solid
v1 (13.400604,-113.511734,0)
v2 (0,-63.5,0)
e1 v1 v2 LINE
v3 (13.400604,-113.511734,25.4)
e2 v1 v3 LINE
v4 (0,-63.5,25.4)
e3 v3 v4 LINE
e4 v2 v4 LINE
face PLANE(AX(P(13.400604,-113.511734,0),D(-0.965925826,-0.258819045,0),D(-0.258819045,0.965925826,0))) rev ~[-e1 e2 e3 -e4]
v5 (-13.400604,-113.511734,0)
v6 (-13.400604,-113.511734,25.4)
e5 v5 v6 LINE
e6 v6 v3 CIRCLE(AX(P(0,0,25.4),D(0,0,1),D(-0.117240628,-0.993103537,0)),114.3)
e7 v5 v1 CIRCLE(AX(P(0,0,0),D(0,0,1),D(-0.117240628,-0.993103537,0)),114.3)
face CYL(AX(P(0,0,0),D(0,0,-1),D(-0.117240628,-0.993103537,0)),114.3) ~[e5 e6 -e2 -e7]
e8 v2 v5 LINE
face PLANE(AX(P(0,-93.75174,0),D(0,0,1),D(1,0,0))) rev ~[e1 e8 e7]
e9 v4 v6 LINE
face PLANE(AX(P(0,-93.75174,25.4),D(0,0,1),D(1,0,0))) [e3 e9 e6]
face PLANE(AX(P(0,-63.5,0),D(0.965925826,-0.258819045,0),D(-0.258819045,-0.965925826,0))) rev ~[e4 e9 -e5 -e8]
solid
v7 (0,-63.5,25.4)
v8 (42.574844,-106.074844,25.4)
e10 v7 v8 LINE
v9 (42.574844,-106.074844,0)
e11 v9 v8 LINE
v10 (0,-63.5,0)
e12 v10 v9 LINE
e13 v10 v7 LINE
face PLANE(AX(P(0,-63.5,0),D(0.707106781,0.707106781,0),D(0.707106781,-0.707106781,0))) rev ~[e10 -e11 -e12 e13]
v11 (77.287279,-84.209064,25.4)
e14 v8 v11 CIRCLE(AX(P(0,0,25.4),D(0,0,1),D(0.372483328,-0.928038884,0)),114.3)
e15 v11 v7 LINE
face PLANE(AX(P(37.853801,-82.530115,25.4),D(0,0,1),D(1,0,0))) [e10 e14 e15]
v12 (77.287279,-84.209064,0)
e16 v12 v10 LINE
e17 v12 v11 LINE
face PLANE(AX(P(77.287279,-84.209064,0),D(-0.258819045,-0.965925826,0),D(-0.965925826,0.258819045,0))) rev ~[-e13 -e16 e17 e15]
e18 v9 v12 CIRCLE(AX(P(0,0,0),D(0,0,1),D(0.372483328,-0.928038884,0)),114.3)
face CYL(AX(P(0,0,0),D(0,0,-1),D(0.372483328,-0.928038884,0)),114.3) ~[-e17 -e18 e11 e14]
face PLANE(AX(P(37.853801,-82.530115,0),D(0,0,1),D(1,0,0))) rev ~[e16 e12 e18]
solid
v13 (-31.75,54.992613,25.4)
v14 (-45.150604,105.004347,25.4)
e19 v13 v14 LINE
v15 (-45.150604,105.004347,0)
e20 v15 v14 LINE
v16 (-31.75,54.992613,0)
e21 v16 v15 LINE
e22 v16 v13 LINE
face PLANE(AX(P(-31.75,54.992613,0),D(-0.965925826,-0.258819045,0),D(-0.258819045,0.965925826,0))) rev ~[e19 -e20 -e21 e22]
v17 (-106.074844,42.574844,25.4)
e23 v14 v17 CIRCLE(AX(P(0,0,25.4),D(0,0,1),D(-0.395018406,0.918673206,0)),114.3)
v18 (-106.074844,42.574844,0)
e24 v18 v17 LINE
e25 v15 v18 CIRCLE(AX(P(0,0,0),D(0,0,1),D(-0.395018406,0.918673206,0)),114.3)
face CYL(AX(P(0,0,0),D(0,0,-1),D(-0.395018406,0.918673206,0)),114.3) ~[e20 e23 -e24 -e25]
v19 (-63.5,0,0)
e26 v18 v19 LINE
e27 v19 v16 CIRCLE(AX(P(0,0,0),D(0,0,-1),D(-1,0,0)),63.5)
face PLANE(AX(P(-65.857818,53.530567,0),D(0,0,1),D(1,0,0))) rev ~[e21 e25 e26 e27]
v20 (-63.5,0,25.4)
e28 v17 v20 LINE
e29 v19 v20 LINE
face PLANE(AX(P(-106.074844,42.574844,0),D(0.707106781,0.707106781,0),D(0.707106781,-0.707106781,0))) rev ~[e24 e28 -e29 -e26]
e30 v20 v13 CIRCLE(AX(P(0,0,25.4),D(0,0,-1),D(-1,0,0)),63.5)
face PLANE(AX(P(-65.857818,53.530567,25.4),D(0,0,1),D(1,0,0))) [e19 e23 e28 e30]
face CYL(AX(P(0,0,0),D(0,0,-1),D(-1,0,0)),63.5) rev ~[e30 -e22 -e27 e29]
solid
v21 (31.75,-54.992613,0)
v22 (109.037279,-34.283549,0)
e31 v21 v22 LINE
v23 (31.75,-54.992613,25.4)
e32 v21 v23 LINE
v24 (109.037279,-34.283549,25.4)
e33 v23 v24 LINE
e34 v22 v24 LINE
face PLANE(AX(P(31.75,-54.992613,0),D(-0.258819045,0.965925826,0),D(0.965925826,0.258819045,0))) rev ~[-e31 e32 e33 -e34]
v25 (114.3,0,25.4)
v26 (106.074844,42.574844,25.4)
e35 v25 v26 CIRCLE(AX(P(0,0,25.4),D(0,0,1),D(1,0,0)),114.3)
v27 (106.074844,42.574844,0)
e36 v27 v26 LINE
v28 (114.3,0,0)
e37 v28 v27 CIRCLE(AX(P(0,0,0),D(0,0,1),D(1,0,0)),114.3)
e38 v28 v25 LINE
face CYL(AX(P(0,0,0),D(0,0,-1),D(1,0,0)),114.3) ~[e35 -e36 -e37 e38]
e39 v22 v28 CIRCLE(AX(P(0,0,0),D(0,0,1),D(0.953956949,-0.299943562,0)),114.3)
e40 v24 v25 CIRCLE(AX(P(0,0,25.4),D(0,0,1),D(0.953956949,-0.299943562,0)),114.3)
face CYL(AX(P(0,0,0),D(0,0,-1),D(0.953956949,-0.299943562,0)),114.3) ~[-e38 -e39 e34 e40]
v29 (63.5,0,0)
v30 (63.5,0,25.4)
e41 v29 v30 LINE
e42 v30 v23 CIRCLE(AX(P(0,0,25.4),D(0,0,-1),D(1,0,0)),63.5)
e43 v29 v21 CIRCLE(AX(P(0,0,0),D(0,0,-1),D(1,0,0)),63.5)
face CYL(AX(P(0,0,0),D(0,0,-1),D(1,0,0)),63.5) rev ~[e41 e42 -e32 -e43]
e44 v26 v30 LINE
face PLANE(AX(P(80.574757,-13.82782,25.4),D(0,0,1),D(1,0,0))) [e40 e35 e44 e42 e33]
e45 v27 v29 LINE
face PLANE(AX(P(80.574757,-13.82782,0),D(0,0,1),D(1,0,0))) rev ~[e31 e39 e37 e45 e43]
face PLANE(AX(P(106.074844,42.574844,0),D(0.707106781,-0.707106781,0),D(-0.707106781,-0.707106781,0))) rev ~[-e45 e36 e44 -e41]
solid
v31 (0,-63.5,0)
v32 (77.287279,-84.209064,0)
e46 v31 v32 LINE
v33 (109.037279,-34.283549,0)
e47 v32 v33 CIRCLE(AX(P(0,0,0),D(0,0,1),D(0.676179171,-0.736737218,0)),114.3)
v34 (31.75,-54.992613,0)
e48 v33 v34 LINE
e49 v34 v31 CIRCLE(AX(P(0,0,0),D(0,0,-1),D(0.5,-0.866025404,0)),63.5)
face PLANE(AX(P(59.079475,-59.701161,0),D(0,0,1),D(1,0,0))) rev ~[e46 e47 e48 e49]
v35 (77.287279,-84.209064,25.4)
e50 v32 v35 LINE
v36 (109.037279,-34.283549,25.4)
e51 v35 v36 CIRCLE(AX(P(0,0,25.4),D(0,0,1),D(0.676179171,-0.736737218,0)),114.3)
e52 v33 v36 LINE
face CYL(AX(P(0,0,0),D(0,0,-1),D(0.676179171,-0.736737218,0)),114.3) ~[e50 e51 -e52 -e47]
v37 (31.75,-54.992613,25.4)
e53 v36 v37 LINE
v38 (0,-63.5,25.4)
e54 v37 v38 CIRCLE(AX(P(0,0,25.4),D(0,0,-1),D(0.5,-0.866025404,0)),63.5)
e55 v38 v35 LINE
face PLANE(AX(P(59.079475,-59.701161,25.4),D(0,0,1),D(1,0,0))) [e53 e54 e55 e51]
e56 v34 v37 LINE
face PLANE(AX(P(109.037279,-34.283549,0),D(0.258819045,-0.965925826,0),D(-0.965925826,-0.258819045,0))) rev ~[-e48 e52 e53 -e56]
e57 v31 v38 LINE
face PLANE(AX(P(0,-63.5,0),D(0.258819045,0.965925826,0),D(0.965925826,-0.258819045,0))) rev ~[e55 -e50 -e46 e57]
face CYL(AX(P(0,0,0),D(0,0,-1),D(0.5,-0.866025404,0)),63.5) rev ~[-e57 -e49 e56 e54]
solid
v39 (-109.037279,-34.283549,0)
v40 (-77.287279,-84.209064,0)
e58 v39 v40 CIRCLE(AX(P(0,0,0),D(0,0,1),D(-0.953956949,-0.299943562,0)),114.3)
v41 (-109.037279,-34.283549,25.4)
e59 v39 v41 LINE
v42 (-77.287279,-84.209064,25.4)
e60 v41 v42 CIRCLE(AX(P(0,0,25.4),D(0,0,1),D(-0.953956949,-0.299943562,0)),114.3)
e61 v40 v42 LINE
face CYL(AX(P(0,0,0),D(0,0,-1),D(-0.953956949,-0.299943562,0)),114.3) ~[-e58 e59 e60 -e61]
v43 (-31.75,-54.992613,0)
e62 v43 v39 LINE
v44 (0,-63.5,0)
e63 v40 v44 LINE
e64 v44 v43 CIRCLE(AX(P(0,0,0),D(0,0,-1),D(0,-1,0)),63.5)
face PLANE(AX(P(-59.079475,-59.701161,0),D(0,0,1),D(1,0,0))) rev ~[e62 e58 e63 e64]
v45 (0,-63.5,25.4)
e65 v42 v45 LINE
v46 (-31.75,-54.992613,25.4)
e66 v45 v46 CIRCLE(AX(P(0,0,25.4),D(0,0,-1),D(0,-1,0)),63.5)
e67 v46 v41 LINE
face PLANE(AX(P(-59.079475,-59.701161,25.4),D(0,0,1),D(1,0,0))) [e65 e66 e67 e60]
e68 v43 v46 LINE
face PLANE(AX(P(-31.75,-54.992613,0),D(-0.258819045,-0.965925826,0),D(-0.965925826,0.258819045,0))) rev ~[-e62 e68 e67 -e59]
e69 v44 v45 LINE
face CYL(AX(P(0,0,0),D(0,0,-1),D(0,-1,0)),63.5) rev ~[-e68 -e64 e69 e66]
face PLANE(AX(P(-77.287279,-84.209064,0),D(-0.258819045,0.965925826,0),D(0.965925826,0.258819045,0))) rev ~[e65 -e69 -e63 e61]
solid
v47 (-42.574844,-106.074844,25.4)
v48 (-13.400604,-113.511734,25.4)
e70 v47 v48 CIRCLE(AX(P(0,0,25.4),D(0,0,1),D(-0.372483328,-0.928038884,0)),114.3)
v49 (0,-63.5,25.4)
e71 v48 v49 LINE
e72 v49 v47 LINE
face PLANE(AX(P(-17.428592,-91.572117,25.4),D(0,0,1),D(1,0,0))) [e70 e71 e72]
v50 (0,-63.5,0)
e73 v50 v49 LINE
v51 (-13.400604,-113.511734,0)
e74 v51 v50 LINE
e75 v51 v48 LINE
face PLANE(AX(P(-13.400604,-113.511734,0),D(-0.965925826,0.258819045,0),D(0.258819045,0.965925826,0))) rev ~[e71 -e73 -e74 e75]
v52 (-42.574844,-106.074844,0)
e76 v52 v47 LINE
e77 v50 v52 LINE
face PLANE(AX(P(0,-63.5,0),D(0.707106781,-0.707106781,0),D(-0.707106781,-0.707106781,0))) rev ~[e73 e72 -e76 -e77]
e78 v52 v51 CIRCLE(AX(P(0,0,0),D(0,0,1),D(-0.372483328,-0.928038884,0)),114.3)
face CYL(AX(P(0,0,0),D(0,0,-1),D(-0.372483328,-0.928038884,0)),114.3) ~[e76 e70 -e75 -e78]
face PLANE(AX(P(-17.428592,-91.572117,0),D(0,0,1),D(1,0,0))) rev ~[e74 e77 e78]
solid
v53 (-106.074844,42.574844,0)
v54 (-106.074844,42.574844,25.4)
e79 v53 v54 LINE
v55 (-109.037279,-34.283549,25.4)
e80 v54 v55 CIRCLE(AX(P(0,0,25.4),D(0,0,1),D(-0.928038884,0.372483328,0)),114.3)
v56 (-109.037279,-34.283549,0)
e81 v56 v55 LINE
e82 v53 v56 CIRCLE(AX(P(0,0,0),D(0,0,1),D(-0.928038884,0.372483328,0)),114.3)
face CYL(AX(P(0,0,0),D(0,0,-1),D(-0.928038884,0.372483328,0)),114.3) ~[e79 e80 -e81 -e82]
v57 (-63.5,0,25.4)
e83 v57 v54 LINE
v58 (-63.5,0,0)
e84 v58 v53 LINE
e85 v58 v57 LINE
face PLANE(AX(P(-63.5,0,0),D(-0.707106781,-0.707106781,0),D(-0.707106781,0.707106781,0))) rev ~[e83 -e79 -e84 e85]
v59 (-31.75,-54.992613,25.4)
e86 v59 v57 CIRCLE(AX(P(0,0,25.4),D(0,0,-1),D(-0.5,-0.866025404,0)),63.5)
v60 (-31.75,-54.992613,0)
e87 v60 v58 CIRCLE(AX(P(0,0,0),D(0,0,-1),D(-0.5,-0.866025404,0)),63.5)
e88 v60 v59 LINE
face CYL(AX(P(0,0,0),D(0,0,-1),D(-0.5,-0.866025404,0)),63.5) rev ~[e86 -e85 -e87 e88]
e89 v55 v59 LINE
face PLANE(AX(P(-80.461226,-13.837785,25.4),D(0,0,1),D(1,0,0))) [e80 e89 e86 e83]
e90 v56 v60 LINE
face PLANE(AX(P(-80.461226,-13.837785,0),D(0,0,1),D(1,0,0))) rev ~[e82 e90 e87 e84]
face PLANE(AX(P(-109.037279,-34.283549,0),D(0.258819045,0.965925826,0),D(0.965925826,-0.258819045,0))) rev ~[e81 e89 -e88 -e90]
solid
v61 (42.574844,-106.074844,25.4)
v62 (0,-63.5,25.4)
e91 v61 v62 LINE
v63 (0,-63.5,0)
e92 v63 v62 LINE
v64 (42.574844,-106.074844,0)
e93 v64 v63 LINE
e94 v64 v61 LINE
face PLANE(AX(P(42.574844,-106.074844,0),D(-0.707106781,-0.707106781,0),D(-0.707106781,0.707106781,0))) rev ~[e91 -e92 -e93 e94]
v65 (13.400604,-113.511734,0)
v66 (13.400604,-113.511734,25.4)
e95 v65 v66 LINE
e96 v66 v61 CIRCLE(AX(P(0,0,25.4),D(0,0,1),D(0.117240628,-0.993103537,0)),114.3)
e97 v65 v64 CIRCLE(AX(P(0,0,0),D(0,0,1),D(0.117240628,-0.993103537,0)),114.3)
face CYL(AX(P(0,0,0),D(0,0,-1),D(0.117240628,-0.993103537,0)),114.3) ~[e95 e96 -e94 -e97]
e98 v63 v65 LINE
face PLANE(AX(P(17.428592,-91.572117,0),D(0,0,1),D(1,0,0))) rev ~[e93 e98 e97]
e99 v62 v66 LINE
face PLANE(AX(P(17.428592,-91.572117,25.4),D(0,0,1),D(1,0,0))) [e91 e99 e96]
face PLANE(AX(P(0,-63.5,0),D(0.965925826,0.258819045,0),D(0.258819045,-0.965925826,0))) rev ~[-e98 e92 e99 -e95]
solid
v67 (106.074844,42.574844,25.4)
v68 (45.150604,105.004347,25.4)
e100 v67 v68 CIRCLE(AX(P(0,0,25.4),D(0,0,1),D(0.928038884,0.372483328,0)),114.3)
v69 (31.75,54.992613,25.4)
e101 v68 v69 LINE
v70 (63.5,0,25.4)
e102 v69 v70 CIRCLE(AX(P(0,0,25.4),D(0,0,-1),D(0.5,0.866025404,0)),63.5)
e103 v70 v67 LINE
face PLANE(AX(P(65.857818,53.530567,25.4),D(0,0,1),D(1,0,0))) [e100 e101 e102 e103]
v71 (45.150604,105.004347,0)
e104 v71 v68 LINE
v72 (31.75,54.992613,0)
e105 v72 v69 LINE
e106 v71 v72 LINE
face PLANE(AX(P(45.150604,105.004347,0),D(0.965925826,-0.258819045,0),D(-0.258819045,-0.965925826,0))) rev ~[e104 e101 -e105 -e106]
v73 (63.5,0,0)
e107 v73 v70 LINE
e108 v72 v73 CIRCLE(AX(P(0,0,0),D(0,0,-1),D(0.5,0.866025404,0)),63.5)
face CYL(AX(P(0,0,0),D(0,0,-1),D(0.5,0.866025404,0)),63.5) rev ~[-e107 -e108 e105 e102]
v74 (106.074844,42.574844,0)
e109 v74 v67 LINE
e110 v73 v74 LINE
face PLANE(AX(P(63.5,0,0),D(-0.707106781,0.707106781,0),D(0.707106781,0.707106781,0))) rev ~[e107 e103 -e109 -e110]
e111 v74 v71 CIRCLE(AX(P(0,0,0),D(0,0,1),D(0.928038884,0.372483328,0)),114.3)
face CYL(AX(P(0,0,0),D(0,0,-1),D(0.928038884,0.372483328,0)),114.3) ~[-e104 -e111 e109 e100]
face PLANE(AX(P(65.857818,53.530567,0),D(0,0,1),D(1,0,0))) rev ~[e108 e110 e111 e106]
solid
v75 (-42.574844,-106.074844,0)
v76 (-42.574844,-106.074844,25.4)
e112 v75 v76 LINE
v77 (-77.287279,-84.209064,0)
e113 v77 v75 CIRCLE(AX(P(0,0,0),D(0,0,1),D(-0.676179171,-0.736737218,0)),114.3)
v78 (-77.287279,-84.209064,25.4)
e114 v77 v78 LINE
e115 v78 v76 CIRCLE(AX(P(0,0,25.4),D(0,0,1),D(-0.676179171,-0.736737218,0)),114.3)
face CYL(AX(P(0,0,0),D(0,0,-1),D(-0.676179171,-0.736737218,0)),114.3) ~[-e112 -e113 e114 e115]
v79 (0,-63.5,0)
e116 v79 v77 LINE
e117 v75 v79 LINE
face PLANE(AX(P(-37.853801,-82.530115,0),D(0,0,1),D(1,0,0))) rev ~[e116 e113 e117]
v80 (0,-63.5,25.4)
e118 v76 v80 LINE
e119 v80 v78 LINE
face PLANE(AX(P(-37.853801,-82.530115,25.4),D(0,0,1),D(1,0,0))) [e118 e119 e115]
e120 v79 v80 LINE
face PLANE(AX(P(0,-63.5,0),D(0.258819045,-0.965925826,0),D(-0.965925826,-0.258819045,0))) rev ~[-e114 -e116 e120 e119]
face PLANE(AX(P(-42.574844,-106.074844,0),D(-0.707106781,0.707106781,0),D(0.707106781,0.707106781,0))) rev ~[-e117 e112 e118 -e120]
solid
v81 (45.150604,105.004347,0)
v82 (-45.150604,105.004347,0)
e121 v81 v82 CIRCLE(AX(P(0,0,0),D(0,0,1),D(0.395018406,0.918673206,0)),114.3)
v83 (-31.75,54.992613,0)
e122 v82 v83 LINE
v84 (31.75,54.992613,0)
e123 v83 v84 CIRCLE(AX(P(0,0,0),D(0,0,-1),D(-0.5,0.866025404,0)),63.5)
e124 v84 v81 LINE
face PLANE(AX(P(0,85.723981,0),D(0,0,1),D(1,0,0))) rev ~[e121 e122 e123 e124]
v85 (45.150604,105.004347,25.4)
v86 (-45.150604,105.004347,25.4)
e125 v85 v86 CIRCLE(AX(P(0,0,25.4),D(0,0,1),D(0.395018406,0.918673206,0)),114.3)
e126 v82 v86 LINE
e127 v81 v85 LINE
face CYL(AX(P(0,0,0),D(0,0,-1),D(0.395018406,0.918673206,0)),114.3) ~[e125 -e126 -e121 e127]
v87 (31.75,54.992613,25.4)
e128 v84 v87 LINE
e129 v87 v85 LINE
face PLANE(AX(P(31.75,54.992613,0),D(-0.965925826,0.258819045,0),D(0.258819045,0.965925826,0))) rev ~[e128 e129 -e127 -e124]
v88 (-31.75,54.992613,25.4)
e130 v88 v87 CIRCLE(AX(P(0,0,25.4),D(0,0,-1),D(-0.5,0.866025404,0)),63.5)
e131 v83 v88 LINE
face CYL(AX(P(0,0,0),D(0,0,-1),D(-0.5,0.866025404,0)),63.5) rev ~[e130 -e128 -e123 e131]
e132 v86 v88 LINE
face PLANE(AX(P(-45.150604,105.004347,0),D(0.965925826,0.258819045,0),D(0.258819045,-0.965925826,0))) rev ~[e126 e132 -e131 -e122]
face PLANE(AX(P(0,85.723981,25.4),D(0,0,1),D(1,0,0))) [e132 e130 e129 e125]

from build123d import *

# Parameters (mm, degrees)
F1_DEPTH = 25.4
F2_DEPTH = 25.4


with BuildPart() as f1:
    # F0 (on Top) → F1 (new body)
    with BuildSketch(Plane.XY):
        with BuildLine():
            Line((-63.5, 0), (-106.0748444331, 42.5748444331))
            ThreePointArc((-106.0748444331, 42.5748444331), (-114.2151898846, 4.4023175283), (-109.0372792311, -34.2835490851))
            Line((-109.0372792311, -34.2835490851), (-31.75, -54.9926131403))
            ThreePointArc((-31.75, -54.9926131403), (-54.9926131403, -31.75), (-63.5, 0))
        make_face()
    extrude(amount=F1_DEPTH)


with BuildPart() as f1b:
    # F0 (on Top) → F1, piece 2 (new body)
    with BuildSketch(Plane.XY):
        with BuildLine():
            Line((-42.5748444331, -106.0748444331), (0, -63.5))
            Line((0, -63.5), (-77.2872792311, -84.2090640552))
            ThreePointArc((-77.2872792311, -84.2090640552), (-60.9201137573, -96.712097174), (-42.5748444331, -106.0748444331))
        make_face()
    extrude(amount=F1_DEPTH)


with BuildPart() as f1c:
    # F0 (on Top) → F1, piece 3 (new body)
    with BuildSketch(Plane.XY):
        with BuildLine():
            Line((13.4006038104, -113.5117342724), (0, -63.5))
            Line((0, -63.5), (-13.4006038104, -113.5117342724))
            ThreePointArc((-13.4006038104, -113.5117342724), (0, -114.3), (13.4006038104, -113.5117342724))
        make_face()
    extrude(amount=F1_DEPTH)


with BuildPart() as f1d:
    # F0 (on Top) → F1, piece 4 (new body)
    with BuildSketch(Plane.XY):
        with BuildLine():
            ThreePointArc((42.5748444331, -106.0748444331), (60.9201137573, -96.712097174), (77.2872792311, -84.2090640552))
            Line((77.2872792311, -84.2090640552), (0, -63.5))
            Line((0, -63.5), (42.5748444331, -106.0748444331))
        make_face()
    extrude(amount=F1_DEPTH)


with BuildPart() as f1e:
    # F0 (on Top) → F1, piece 5 (new body)
    with BuildSketch(Plane.XY):
        with BuildLine():
            ThreePointArc((109.0372792311, -34.2835490851), (112.9766591295, -17.3425630153), (114.3, 0))
            ThreePointArc((114.3, 0), (112.224874067, 21.6810433478), (106.0748444331, 42.5748444331))
            Line((106.0748444331, 42.5748444331), (63.5, 0))
            ThreePointArc((63.5, 0), (54.9926131403, -31.75), (31.75, -54.9926131403))
            Line((31.75, -54.9926131403), (109.0372792311, -34.2835490851))
        make_face()
    extrude(amount=F1_DEPTH)


with BuildPart() as f1f:
    # F0 (on Top) → F1, piece 6 (new body)
    with BuildSketch(Plane.XY):
        with BuildLine():
            Line((31.75, 54.9926131403), (45.1506038104, 105.0043474127))
            ThreePointArc((45.1506038104, 105.0043474127), (0, 114.3), (-45.1506038104, 105.0043474127))
            Line((-45.1506038104, 105.0043474127), (-31.75, 54.9926131403))
            ThreePointArc((-31.75, 54.9926131403), (0, 63.5), (31.75, 54.9926131403))
        make_face()
    extrude(amount=F1_DEPTH)


with BuildPart() as f2:
    # F0 (on Top) → F2 (new body)
    with BuildSketch(Plane.XY):
        with BuildLine():
            Line((-77.2872792311, -84.2090640552), (0, -63.5))
            ThreePointArc((0, -63.5), (-16.435009364, -61.3362899694), (-31.75, -54.9926131403))
            Line((-31.75, -54.9926131403), (-109.0372792311, -34.2835490851))
            ThreePointArc((-109.0372792311, -34.2835490851), (-96.4486886007, -61.3362899694), (-77.2872792311, -84.2090640552))
        make_face()
    extrude(amount=F2_DEPTH)


with BuildPart() as f2b:
    # F0 (on Top) → F2, piece 2 (new body)
    with BuildSketch(Plane.XY):
        with BuildLine():
            Line((-31.75, 54.9926131403), (-45.1506038104, 105.0043474127))
            ThreePointArc((-45.1506038104, 105.0043474127), (-81.8024740437, 79.8301023444), (-106.0748444331, 42.5748444331))
            Line((-106.0748444331, 42.5748444331), (-63.5, 0))
            ThreePointArc((-63.5, 0), (-54.9926131403, 31.75), (-31.75, 54.9926131403))
        make_face()
    extrude(amount=F2_DEPTH)


with BuildPart() as f2c:
    # F0 (on Top) → F2, piece 3 (new body)
    with BuildSketch(Plane.XY):
        with BuildLine():
            Line((63.5, 0), (106.0748444331, 42.5748444331))
            ThreePointArc((106.0748444331, 42.5748444331), (81.8024740437, 79.8301023444), (45.1506038104, 105.0043474127))
            Line((45.1506038104, 105.0043474127), (31.75, 54.9926131403))
            ThreePointArc((31.75, 54.9926131403), (54.9926131403, 31.75), (63.5, 0))
        make_face()
    extrude(amount=F2_DEPTH)


with BuildPart() as f2d:
    # F0 (on Top) → F2, piece 4 (new body)
    with BuildSketch(Plane.XY):
        with BuildLine():
            ThreePointArc((77.2872792311, -84.2090640552), (96.4486886007, -61.3362899694), (109.0372792311, -34.2835490851))
            Line((109.0372792311, -34.2835490851), (31.75, -54.9926131403))
            ThreePointArc((31.75, -54.9926131403), (16.435009364, -61.3362899694), (0, -63.5))
            Line((0, -63.5), (77.2872792311, -84.2090640552))
        make_face()
    extrude(amount=F2_DEPTH)


with BuildPart() as f2e:
    # F0 (on Top) → F2, piece 5 (new body)
    with BuildSketch(Plane.XY):
        with BuildLine():
            Line((42.5748444331, -106.0748444331), (0, -63.5))
            Line((0, -63.5), (13.4006038104, -113.5117342724))
            ThreePointArc((13.4006038104, -113.5117342724), (28.2336595951, -110.7580717865), (42.5748444331, -106.0748444331))
        make_face()
    extrude(amount=F2_DEPTH)


with BuildPart() as f2f:
    # F0 (on Top) → F2, piece 6 (new body)
    with BuildSketch(Plane.XY):
        with BuildLine():
            Line((-13.4006038104, -113.5117342724), (0, -63.5))
            Line((0, -63.5), (-42.5748444331, -106.0748444331))
            ThreePointArc((-42.5748444331, -106.0748444331), (-28.2336595951, -110.7580717865), (-13.4006038104, -113.5117342724))
        make_face()
    extrude(amount=F2_DEPTH)


solid = Compound([f1.part, f1b.part, f1c.part, f1d.part, f1e.part, f1f.part, f2.part, f2b.part, f2c.part, f2d.part, f2e.part, f2f.part])
